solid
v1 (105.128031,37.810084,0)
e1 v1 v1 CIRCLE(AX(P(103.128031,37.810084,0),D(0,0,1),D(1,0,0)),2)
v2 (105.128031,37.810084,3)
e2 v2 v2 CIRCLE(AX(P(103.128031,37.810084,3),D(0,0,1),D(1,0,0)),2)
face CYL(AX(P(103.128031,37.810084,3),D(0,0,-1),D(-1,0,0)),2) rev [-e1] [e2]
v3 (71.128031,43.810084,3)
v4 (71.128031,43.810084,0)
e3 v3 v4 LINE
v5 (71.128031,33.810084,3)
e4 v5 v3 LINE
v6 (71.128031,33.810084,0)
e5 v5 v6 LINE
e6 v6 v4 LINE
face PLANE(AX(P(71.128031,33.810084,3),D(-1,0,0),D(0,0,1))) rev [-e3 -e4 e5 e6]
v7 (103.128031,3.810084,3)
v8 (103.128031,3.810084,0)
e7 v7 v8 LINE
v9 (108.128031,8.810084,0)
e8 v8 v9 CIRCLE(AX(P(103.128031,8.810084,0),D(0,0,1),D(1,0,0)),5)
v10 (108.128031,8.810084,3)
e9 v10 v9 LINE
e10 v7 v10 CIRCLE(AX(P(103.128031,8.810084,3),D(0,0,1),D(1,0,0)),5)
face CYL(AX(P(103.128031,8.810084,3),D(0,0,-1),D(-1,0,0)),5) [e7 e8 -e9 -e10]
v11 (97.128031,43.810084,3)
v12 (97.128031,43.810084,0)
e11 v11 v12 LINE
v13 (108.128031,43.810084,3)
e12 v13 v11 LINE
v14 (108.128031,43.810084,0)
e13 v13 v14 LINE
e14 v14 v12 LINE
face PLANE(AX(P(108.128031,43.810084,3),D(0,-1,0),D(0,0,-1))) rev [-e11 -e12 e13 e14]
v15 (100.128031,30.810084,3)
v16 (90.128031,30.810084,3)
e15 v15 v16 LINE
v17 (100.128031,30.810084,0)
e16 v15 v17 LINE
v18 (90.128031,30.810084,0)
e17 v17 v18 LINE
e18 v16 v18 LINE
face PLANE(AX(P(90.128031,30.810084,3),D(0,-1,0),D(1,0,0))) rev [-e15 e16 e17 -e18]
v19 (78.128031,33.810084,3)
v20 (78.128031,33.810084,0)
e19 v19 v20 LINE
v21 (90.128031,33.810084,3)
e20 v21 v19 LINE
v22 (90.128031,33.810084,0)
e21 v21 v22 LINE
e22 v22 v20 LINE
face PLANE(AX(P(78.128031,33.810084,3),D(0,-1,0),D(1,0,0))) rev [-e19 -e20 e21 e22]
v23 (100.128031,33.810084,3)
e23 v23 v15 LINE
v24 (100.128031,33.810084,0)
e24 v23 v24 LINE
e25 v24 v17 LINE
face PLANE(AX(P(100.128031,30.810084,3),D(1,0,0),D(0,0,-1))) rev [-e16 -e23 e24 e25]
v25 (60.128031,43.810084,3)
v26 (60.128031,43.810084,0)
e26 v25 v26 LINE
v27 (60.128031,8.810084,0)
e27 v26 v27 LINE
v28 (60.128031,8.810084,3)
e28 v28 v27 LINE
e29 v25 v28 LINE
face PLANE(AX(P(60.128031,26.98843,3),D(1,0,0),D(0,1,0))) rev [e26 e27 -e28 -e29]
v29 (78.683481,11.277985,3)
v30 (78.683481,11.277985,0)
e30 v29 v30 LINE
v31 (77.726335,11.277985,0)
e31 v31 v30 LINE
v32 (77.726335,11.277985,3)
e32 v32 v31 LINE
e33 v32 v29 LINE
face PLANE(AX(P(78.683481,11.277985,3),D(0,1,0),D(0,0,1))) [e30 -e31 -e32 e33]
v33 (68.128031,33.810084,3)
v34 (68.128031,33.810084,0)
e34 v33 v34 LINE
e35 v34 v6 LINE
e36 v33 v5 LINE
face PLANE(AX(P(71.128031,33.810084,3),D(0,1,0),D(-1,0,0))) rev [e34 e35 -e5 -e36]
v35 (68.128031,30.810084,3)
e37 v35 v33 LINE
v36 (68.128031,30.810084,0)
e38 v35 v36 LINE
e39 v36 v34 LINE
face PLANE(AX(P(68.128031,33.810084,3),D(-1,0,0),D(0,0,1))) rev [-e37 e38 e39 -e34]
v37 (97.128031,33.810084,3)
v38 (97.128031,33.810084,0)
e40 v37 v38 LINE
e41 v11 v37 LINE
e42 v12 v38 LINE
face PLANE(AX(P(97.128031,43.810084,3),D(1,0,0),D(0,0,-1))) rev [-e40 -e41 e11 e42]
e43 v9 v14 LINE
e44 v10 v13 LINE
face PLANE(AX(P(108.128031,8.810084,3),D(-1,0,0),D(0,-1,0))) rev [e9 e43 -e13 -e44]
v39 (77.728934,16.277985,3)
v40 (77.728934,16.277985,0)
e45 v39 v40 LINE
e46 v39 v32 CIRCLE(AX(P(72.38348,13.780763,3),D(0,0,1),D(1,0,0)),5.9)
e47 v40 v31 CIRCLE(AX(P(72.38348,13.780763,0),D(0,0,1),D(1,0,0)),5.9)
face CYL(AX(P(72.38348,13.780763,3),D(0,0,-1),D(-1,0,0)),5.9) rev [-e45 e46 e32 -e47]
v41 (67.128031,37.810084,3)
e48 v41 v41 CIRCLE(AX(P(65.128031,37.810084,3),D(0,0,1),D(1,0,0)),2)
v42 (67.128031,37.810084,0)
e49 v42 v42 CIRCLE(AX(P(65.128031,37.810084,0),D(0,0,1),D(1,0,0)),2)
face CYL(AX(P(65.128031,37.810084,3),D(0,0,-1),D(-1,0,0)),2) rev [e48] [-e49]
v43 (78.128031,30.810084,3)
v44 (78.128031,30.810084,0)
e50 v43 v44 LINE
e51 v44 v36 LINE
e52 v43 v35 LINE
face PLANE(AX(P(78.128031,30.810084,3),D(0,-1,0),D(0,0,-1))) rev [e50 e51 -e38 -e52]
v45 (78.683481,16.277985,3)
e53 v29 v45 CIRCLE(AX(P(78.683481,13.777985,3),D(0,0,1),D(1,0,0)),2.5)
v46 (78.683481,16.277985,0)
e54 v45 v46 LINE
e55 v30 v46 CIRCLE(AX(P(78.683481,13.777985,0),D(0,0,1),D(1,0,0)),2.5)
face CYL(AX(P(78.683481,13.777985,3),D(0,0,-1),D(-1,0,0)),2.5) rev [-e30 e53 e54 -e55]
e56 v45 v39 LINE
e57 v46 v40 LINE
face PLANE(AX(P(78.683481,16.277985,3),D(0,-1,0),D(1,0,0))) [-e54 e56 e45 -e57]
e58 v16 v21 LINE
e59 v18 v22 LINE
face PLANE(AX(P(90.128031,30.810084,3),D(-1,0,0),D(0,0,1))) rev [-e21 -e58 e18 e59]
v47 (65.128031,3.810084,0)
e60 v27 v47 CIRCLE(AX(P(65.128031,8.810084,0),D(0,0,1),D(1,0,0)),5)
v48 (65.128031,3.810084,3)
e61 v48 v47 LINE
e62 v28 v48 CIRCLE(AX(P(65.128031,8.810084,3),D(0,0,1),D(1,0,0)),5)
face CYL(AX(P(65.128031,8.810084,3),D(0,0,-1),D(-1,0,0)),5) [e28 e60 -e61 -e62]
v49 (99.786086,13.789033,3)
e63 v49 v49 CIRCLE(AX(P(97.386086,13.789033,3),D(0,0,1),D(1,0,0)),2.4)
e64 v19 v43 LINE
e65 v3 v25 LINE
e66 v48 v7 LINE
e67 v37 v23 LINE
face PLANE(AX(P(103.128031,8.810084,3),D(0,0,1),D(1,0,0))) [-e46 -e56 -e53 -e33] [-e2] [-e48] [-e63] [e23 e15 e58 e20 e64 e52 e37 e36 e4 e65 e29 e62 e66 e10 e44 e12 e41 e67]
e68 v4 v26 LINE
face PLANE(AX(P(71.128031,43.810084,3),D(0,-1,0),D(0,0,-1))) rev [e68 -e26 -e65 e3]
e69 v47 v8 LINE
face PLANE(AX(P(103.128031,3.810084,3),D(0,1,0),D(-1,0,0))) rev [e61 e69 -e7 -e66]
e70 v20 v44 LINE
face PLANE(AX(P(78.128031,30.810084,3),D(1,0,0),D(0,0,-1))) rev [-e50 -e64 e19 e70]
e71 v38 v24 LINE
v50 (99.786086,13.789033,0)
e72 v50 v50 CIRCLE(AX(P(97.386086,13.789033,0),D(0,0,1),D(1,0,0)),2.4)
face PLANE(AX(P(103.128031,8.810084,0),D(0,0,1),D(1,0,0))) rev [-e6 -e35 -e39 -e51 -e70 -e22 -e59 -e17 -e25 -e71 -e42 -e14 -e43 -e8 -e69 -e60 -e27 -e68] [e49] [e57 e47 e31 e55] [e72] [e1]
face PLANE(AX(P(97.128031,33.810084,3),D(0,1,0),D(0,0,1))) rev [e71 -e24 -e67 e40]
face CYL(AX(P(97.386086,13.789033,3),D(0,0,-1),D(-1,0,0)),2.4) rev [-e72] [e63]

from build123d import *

# Parameters (mm, degrees)
MODEL_R                 = 2.4
MODEL_R_2               = 2
SALIENTE_EXTRUIR1_DEPTH = 3


with BuildPart() as part:
    # Model → Saliente-Extruir1 (new body)
    with BuildSketch(Plane.XY):
        with BuildLine():
            Line((60.128031424, 43.810084434), (60.128031424, 26.988429812))
            Line((60.128031424, 26.988429812), (60.128031424, 8.810084434))
            ThreePointArc((60.128031424, 8.810084434), (61.592497518, 5.274550528), (65.128031424, 3.810084434))
            Line((65.128031424, 3.810084434), (103.128031424, 3.810084434))
            ThreePointArc((103.128031424, 3.810084434), (106.66356533, 5.274550528), (108.128031424, 8.810084434))
            Line((108.128031424, 8.810084434), (108.128031424, 43.810084434))
            Line((108.128031424, 43.810084434), (97.128031424, 43.810084434))
            Line((97.128031424, 43.810084434), (97.128031424, 33.810084434))
            Line((97.128031424, 33.810084434), (100.128031424, 33.810084434))
            Line((100.128031424, 33.810084434), (100.128031424, 30.810084434))
            Line((100.128031424, 30.810084434), (90.128031424, 30.810084434))
            Line((90.128031424, 30.810084434), (90.128031424, 33.810084434))
            Line((90.128031424, 33.810084434), (78.128031424, 33.810084434))
            Line((78.128031424, 33.810084434), (78.128031424, 30.810084434))
            Line((78.128031424, 30.810084434), (68.128031424, 30.810084434))
            Line((68.128031424, 30.810084434), (68.128031424, 33.810084434))
            Line((68.128031424, 33.810084434), (71.128031424, 33.810084434))
            Line((71.128031424, 33.810084434), (71.128031424, 43.810084434))
            Line((71.128031424, 43.810084434), (60.128031424, 43.810084434))
        make_face()
        with Locations((97.386085589, 13.789032772)):
            Circle(MODEL_R, mode=Mode.SUBTRACT)
        with Locations((65.128031424, 37.810084434)):
            Circle(MODEL_R_2, mode=Mode.SUBTRACT)
        with Locations((103.128031424, 37.810084434)):
            Circle(MODEL_R_2, mode=Mode.SUBTRACT)
        with BuildLine():
            Line((78.683481489, 11.277984768), (77.72633505, 11.277984768))
            ThreePointArc((77.72633505, 11.277984768), (66.483480743, 13.783830387), (77.728934453, 16.277984768))
            Line((77.728934453, 16.277984768), (78.683481489, 16.277984768))
            ThreePointArc((78.683481489, 16.277984768), (81.183481489, 13.777984768), (78.683481489, 11.277984768))
        make_face(mode=Mode.SUBTRACT)
    extrude(amount=SALIENTE_EXTRUIR1_DEPTH)


solid = part.part
